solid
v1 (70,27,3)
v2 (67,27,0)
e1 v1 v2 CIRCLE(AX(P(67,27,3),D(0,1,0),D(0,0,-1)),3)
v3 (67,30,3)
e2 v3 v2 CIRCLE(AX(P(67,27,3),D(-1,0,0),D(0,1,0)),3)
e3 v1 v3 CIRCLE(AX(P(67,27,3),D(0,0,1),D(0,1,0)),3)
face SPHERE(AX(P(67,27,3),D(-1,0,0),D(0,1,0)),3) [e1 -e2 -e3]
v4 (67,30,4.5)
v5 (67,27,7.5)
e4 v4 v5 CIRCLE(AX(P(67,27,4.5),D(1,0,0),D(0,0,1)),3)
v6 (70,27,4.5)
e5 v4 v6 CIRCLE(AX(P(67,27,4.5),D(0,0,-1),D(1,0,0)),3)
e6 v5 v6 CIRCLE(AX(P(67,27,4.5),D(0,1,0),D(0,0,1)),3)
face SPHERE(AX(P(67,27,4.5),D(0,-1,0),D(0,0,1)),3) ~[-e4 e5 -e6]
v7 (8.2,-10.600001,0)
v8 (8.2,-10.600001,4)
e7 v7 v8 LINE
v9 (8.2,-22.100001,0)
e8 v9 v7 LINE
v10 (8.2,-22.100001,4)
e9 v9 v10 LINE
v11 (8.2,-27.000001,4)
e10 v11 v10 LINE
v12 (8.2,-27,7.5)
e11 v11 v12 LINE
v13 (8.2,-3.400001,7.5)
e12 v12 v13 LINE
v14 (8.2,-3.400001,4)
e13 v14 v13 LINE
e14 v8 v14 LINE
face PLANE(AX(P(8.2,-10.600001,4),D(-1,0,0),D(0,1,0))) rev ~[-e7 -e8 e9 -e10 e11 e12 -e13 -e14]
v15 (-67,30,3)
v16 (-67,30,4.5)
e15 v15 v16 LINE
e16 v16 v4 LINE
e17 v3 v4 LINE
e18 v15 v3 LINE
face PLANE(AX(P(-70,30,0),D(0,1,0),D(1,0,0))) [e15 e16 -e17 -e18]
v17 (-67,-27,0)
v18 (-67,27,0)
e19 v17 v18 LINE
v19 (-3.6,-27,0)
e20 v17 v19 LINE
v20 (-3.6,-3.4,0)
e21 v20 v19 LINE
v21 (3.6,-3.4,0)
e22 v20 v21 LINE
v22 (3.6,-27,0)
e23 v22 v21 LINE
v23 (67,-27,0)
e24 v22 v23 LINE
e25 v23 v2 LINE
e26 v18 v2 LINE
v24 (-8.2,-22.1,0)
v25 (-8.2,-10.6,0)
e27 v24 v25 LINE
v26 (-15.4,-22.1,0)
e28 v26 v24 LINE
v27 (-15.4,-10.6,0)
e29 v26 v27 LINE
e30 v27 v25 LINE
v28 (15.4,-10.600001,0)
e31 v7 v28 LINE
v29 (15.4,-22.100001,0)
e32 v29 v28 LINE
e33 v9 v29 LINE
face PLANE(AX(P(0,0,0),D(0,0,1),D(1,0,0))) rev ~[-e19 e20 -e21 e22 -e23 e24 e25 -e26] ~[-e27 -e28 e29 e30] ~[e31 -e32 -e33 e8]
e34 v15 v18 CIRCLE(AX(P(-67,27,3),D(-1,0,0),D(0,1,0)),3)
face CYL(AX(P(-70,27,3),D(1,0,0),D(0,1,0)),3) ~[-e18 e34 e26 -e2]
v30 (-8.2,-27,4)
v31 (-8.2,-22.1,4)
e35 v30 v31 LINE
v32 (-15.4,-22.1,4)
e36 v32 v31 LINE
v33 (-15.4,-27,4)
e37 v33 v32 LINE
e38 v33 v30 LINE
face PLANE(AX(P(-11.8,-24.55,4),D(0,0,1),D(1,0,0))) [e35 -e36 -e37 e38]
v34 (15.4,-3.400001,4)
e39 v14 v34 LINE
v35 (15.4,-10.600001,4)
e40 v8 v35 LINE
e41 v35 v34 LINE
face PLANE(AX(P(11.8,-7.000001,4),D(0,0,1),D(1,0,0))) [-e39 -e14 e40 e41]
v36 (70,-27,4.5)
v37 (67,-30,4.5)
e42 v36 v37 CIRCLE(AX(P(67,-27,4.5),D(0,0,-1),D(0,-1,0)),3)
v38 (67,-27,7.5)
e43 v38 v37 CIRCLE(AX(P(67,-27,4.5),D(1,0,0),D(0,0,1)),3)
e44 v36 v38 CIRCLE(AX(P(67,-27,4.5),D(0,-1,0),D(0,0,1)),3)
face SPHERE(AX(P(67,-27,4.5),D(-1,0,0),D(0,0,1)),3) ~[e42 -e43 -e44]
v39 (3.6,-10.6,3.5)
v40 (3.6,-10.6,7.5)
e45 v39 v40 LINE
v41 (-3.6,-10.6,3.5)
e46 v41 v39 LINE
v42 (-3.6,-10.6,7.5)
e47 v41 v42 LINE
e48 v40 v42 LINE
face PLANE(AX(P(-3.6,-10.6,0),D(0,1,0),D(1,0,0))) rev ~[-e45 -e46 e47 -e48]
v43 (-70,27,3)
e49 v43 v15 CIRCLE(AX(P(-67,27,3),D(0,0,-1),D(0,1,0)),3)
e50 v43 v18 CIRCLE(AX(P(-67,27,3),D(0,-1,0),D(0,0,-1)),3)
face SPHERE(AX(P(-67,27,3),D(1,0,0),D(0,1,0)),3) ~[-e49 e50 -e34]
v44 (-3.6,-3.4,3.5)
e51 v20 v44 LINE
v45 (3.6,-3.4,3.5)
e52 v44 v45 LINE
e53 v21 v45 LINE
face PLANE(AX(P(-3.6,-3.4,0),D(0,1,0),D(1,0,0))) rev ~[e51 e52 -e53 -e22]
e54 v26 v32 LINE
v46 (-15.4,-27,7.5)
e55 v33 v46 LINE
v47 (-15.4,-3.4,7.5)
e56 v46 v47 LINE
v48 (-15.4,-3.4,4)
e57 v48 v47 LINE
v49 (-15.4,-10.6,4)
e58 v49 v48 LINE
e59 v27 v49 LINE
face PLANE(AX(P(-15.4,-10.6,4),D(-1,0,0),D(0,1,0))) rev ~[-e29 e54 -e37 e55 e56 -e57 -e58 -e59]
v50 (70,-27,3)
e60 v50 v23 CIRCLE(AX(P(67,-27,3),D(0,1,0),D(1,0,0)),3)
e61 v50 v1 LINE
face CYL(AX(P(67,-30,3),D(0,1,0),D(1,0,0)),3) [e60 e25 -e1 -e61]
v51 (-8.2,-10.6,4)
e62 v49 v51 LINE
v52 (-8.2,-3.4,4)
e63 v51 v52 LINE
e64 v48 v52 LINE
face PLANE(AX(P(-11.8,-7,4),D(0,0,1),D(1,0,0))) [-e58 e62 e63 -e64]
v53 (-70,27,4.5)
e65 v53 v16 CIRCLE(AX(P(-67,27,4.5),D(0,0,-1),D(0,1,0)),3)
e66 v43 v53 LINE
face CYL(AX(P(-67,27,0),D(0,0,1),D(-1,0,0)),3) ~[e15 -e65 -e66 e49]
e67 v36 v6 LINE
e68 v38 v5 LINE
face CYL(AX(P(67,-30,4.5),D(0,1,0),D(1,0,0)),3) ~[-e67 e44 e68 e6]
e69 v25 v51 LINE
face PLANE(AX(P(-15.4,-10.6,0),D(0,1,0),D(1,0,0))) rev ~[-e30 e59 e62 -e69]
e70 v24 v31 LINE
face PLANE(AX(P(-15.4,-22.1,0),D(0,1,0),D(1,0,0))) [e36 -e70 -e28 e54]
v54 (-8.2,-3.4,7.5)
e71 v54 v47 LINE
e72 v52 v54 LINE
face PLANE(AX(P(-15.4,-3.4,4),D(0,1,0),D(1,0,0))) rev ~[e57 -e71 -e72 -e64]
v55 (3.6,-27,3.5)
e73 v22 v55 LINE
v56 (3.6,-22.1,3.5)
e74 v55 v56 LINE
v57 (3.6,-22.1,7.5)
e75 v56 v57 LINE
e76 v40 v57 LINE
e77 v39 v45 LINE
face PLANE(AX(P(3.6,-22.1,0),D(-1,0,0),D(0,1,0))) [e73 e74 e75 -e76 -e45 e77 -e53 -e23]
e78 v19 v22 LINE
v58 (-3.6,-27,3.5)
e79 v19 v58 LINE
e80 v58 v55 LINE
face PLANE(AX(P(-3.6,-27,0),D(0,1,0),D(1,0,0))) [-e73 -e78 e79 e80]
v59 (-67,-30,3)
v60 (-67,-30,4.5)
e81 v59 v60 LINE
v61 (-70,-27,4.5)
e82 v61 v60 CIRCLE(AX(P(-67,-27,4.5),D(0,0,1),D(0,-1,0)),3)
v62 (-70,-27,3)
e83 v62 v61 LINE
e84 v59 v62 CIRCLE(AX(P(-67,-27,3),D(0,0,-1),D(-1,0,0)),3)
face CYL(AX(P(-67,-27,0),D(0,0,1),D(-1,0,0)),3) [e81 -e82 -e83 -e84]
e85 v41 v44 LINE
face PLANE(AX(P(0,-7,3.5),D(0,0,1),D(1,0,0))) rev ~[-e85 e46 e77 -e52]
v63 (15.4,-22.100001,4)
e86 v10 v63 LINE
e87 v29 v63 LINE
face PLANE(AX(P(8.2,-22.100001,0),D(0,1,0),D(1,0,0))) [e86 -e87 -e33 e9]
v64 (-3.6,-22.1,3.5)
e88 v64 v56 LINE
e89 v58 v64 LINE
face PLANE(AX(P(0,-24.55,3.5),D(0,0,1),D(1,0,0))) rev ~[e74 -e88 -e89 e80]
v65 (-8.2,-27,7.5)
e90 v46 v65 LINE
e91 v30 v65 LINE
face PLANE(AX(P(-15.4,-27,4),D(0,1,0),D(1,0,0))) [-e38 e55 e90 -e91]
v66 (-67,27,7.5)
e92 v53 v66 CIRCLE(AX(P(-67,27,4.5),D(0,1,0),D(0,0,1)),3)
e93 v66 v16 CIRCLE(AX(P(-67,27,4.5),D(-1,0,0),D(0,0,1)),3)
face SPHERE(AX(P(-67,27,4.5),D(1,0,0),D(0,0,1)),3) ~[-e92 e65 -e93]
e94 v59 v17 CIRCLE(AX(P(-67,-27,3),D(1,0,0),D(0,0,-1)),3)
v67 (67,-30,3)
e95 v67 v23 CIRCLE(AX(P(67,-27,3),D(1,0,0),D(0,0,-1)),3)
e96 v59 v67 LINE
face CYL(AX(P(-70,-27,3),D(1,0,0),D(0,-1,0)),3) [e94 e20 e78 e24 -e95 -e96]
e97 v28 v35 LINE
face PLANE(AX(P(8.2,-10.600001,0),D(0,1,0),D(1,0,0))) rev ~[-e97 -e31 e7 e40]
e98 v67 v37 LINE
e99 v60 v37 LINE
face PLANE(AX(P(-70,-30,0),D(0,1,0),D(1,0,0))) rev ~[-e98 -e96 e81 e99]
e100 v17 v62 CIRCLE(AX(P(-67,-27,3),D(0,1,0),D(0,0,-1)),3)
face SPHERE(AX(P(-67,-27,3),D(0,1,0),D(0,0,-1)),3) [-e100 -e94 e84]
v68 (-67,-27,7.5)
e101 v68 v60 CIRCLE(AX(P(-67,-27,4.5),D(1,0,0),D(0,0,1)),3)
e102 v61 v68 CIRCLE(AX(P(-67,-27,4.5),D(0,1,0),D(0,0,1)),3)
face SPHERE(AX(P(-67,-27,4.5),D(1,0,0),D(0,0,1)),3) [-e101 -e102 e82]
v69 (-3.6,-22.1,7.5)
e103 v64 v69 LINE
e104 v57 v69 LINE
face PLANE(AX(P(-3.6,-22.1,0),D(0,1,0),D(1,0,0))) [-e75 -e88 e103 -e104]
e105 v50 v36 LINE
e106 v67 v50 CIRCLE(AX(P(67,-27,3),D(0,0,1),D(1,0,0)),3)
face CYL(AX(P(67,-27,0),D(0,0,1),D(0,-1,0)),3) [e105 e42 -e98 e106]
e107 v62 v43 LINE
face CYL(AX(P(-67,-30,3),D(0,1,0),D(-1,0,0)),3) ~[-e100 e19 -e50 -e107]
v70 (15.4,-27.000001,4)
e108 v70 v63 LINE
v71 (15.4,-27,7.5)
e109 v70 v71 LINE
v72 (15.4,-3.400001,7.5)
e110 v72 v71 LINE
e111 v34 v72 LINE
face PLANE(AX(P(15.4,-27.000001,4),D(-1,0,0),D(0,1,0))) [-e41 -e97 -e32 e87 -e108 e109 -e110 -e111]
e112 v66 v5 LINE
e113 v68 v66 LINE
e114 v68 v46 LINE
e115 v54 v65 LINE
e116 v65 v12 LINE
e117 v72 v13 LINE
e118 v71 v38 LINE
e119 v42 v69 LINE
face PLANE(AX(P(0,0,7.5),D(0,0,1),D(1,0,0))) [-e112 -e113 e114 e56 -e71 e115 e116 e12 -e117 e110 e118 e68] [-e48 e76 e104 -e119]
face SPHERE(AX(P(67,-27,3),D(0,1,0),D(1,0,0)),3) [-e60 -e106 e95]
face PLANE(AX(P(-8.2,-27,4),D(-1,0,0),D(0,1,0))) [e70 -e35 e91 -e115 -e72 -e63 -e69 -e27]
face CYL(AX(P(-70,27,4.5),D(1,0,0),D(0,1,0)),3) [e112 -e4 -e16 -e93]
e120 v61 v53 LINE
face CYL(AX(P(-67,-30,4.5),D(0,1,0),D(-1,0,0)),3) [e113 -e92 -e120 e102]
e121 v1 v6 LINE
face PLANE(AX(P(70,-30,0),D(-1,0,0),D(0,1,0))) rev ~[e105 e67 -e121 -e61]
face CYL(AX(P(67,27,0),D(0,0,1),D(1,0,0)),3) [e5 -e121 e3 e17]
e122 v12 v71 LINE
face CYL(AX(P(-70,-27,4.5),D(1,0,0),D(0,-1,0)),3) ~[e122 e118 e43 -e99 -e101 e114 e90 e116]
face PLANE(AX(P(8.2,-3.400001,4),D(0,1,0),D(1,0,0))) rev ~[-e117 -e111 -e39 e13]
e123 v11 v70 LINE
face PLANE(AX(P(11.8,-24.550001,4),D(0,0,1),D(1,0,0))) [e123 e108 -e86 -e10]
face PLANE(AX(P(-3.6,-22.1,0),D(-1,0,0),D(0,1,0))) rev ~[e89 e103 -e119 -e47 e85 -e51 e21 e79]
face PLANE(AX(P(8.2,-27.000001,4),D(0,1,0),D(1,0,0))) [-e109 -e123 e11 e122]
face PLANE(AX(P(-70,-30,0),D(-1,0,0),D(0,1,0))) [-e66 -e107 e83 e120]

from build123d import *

# Parameters (mm, degrees)
F0_W     = 140
F0_H     = 60
F1_DEPTH = 7.5
F2_R     = 3
F3_W     = 7.2
F3_H     = 7.2
F3_H_2   = 4.9
F4_DEPTH = 3.5
F3_H_3   = 11.5
F5_DEPTH = 10
F6_DEPTH = 25
F7_START = 4
F7_DEPTH = 6


with BuildPart() as f1:
    # F0 (on Top) → F1 (new body)
    with BuildSketch(Plane.XY):
        Rectangle(F0_W, F0_H)
    extrude(amount=F1_DEPTH)

    # F2
    f2_edges = [f1.edges().sort_by_distance(p)[0] for p in [
        (0, -30, 7.5),
        (70, 0, 7.5),
        (0, 30, 7.5),
        (-70, 0, 7.5),
        (0, 30, 0),
        (70, 30, 3.75),
        (70, 0, 0),
        (70, -30, 3.75),
        (-70, 30, 3.75),
        (-70, 0, 0),
        (0, -30, 0),
        (-70, -30, 3.75),
    ]]
    fillet(f2_edges, radius=F2_R)

    # F3 (on Top) → F4 (cut)
    with BuildSketch(Plane.XY):
        with Locations((0, -7)):
            Rectangle(F3_W, F3_H)
        with Locations((0, -24.55)):
            Rectangle(F3_W, F3_H_2)
    extrude(amount=F4_DEPTH, mode=Mode.SUBTRACT)

    # F3 (on Top) → F5 (cut)
    with BuildSketch(Plane.XY):
        with Locations((0, -16.35)):
            Rectangle(F3_W, F3_H_3)
    extrude(amount=F5_DEPTH, mode=Mode.SUBTRACT)

    # F3 (on Top) → F6 (cut)
    with BuildSketch(Plane.XY):
        with Locations((-11.8, -16.35)):
            Rectangle(F3_W, F3_H_3)
        with Locations((11.8, -16.3500007004)):
            Rectangle(F3_W, F3_H_3)
    extrude(amount=F6_DEPTH, mode=Mode.SUBTRACT)

    # F3 (on Top) → F7 (cut)
    with BuildSketch(Plane.XY.offset(F7_START)):
        with Locations((-11.8, -24.55)):
            Rectangle(F3_W, F3_H_2)
        with Locations((-11.8, -7)):
            Rectangle(F3_W, F3_H)
        with Locations((11.8, -7.0000007004)):
            Rectangle(F3_W, F3_H)
        with Locations((11.8, -24.5500007004)):
            Rectangle(F3_W, F3_H_2)
    extrude(amount=F7_DEPTH, mode=Mode.SUBTRACT)


solid = f1.part
